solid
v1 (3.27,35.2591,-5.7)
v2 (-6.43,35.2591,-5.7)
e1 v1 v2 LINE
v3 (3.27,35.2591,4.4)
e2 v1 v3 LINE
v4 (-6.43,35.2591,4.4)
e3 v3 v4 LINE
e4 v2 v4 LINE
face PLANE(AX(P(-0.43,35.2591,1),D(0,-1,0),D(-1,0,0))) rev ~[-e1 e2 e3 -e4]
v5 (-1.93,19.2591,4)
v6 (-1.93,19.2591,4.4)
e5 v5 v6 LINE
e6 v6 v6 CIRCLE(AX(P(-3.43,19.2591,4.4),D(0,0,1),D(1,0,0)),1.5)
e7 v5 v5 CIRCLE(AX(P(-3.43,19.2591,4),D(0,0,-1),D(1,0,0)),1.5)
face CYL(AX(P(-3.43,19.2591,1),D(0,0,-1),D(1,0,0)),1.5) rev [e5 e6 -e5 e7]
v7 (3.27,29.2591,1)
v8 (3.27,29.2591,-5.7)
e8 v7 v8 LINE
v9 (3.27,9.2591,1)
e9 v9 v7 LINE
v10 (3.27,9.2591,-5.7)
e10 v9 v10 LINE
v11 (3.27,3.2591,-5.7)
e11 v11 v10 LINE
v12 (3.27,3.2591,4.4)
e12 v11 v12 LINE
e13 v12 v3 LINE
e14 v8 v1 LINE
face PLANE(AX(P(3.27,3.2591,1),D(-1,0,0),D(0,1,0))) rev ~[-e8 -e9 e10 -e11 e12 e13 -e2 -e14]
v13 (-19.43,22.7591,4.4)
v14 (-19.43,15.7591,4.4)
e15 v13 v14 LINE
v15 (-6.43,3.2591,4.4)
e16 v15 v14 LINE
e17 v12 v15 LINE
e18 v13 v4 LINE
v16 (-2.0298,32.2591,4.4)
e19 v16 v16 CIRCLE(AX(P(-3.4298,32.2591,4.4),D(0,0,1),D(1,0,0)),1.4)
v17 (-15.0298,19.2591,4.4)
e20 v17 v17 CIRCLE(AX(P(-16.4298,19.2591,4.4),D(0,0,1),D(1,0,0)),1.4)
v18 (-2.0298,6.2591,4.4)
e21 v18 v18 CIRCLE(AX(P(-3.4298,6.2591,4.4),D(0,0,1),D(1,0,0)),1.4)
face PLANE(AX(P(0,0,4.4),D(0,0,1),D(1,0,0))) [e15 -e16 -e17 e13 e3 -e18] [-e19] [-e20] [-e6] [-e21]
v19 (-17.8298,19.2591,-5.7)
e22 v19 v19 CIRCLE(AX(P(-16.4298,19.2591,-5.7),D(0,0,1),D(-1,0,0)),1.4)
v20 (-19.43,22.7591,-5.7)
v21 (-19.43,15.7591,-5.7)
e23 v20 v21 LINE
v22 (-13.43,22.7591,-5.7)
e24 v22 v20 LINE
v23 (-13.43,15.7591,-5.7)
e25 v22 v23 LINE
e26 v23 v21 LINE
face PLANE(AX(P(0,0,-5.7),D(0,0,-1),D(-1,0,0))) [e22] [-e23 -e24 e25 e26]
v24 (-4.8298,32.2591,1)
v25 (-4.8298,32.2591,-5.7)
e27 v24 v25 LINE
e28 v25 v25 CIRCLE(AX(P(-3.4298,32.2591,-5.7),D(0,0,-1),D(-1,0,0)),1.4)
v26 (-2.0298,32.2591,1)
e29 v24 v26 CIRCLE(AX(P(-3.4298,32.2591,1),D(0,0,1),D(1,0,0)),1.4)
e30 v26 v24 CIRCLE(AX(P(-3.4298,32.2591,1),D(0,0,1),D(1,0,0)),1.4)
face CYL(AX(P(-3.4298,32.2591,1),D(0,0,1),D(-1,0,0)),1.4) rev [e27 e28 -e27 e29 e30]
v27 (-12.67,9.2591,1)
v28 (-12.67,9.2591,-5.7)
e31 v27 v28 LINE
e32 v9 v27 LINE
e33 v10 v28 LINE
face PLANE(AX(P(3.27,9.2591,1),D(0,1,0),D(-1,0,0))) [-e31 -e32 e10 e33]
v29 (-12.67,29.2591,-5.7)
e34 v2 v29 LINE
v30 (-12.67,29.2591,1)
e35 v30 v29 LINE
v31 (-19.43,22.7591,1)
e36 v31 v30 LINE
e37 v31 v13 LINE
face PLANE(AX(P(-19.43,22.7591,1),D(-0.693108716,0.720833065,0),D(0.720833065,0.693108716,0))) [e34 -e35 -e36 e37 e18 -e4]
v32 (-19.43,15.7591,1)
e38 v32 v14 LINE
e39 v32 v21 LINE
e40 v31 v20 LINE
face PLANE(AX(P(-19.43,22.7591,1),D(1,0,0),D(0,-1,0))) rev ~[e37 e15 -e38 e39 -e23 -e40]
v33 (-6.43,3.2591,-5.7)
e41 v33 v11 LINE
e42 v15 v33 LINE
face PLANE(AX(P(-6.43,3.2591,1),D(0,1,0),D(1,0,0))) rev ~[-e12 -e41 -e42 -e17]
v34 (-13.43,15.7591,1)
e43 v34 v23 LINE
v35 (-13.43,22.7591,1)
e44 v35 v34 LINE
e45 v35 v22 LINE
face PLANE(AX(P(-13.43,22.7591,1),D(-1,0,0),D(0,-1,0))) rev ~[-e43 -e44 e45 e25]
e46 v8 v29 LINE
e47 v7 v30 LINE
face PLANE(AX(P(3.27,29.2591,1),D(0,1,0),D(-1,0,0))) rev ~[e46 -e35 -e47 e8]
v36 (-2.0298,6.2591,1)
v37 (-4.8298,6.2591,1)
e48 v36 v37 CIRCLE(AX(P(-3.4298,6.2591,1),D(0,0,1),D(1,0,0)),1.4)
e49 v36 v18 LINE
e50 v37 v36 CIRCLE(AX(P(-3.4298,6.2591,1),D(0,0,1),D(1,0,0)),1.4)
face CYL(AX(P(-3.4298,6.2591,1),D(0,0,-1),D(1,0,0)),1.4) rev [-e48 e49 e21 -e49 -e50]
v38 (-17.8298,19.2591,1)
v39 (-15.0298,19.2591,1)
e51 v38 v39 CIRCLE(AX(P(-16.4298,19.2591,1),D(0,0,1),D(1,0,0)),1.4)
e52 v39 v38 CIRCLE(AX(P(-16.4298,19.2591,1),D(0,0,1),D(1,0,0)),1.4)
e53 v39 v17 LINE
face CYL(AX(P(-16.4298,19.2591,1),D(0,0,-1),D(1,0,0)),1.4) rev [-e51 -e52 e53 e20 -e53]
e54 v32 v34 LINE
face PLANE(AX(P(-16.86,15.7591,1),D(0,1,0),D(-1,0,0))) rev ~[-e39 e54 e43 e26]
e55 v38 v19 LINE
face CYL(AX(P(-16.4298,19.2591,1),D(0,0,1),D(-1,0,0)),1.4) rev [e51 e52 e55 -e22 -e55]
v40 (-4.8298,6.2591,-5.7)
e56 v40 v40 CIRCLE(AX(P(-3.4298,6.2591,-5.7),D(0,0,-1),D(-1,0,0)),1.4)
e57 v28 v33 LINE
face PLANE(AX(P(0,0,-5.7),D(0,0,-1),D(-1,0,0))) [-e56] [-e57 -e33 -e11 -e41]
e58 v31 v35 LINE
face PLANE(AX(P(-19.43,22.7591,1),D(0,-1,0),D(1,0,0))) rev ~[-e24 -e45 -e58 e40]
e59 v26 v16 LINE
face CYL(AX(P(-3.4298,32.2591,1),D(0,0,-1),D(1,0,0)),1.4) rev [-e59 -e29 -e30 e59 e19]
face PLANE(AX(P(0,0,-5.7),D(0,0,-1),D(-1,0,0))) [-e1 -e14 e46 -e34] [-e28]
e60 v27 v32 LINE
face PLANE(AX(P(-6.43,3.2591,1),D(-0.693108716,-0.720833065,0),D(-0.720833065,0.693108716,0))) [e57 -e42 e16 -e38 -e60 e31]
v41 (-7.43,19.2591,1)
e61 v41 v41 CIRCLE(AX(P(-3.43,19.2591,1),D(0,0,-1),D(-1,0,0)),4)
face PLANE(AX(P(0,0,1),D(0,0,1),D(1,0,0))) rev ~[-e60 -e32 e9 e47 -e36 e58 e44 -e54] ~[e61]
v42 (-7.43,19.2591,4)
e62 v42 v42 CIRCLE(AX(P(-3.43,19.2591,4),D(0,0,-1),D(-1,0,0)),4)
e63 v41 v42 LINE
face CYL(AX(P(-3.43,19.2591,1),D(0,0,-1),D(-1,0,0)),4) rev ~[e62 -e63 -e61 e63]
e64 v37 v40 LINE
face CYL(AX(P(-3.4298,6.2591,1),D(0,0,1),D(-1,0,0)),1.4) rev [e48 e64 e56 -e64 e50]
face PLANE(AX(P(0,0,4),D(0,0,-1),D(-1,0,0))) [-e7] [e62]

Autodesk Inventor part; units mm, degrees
ref_plane "YZ Plane" through (0, 0, 0) normal (1, 0, 0) x (0, 1, 0)
ref_plane "XZ Plane" through (0, 0, 0) normal (0, 1, 0) x (-1, 0, 0)
ref_plane "Arbeitsebene1" through (0, 0, 1) normal (0, 0, 1) x (1, 0, 0)
sketch "Skizze1" plane through (0, 0, 1) normal (0, 0, 1) x (1, 0, 0)
  circle A0 centre (-16.4298, 19.2591) radius 1.4 projected
  circle A1 centre (-3.4298, 6.2591) radius 1.4 projected
  circle A2 centre (-3.4298, 32.2591) radius 1.4 projected
  circle A3 centre (-3.43, 19.2591) radius 2.45 construction
  line L0 (-0.43, 35.2591) -> (-6.43, 35.2591)
  line L1 (-6.43, 35.2591) -> (-6.43, 3.2591)
  line L2 (-6.43, 3.2591) -> (-0.43, 3.2591)
  line L3 (-0.43, 3.2591) -> (-0.43, 35.2591)
  line L4 (-0.43, 35.2591) -> (-6.43, 3.2591) construction
  line L5 (-6.43, 35.2591) -> (-0.43, 3.2591) construction
  line L6 (-6.43, 22.7591) -> (-19.43, 22.7591)
  line L7 (-19.43, 22.7591) -> (-19.43, 15.7591)
  line L8 (-19.43, 15.7591) -> (-6.43, 15.7591)
  line L9 (-6.43, 15.7591) -> (-6.43, 22.7591)
  line L10 (-6.43, 22.7591) -> (-19.43, 15.7591) construction
  line L11 (-19.43, 22.7591) -> (-6.43, 15.7591) construction
  line L12 (-6.43, 3.2591) -> (-19.43, 15.7591)
  line L13 (-19.43, 22.7591) -> (-6.43, 35.2591)
  line L14 (-0.43, 3.2591) -> (3.27, 3.2591)
  line L15 (3.27, 3.2591) -> (3.27, 35.2591)
  line L16 (3.27, 35.2591) -> (-0.43, 35.2591)
  line L17 (-0.43, 35.2591) -> (-0.43, 3.2591)
  circle A4 centre (-3.43, 19.2591) radius 1.5
  point P0 (0, 0)
  point P1 (-12.93, 19.2591)
  point P2 (-6.43, 19.2591)
  dimension "d1" = 6
  dimension "d2" = 32
  dimension "d3" = 7
  dimension "d4" = 13
  dimension "d12" = 3.7
  dimension "d18" = 3
extrude "Extrusion1" add sketch "Skizze1" along normal blind 3.4
sketch "Skizze2" plane through (0, 0, 1) normal (0, 0, -1) x (-1, 0, 0)
  circle A0 centre (3.4298, 32.2591) radius 1.4 projected
  line L0 (16.86, 34.56) -> (16.86, 4.56) projected
  circle A1 centre (16.4298, 19.2591) radius 1.4 projected
  circle A2 centre (3.4298, 6.2591) radius 1.4 projected
  line L1 (6.43, 35.2591) -> (19.43, 22.7591) projected
  line L2 (19.43, 22.7591) -> (19.43, 15.7591) projected
  line L3 (19.43, 15.7591) -> (6.43, 3.2591) projected
  circle A3 centre (16.4298, 19.2591) radius 1.4 projected
  circle A4 centre (3.4298, 6.2591) radius 1.4 projected
  circle A5 centre (3.4298, 32.2591) radius 1.4 projected
  line L4 (-3.27, 29.2591) -> (12.67, 29.2591)
  line L5 (6.43, 35.2591) -> (19.43, 22.7591) projected
  line L6 (19.43, 22.7591) -> (19.43, 15.7591) projected
  line L7 (19.43, 22.7591) -> (13.43, 22.7591)
  line L8 (13.43, 22.7591) -> (13.43, 15.7591)
  line L9 (13.43, 15.7591) -> (19.43, 15.7591)
  line L10 (-3.27, 9.2591) -> (12.67, 9.2591)
  line L11 (19.43, 15.7591) -> (6.43, 3.2591) projected
  line L12 (6.43, 3.2591) -> (-3.27, 3.2591) projected
  line L13 (-3.27, 3.2591) -> (-3.27, 35.2591) projected
  line L14 (-3.27, 35.2591) -> (6.43, 35.2591) projected
  point P0 (0, 0)
  point P1 (12.67, 29.2591)
  dimension "d8" = 6
  dimension "d13" = 6
  dimension "d14" = 6
extrude "Extrusion2" add sketch "Skizze2" along normal blind 6.7 contours L7 L2 L9 L0 A1 | L0 A1 L9 L8 L7 | L4 L13 L14 L1 | L10 L3 L12 L13
sketch "Skizze4" plane through (0, 0, 1) normal (0, 0, -1) x (-1, 0, 0)
  circle A0 centre (3.43, 19.2591) radius 1.5 projected
  circle A1 centre (3.43, 19.2591) radius 4
  point P0 (0, 0)
  dimension "d19" = 8
extrude "Extrusion4" cut sketch "Skizze4" against normal blind 3
properties part number "Assembly_Cube_Z_Focus_MGN_NEMA_belt_pushing_cage_v3"
